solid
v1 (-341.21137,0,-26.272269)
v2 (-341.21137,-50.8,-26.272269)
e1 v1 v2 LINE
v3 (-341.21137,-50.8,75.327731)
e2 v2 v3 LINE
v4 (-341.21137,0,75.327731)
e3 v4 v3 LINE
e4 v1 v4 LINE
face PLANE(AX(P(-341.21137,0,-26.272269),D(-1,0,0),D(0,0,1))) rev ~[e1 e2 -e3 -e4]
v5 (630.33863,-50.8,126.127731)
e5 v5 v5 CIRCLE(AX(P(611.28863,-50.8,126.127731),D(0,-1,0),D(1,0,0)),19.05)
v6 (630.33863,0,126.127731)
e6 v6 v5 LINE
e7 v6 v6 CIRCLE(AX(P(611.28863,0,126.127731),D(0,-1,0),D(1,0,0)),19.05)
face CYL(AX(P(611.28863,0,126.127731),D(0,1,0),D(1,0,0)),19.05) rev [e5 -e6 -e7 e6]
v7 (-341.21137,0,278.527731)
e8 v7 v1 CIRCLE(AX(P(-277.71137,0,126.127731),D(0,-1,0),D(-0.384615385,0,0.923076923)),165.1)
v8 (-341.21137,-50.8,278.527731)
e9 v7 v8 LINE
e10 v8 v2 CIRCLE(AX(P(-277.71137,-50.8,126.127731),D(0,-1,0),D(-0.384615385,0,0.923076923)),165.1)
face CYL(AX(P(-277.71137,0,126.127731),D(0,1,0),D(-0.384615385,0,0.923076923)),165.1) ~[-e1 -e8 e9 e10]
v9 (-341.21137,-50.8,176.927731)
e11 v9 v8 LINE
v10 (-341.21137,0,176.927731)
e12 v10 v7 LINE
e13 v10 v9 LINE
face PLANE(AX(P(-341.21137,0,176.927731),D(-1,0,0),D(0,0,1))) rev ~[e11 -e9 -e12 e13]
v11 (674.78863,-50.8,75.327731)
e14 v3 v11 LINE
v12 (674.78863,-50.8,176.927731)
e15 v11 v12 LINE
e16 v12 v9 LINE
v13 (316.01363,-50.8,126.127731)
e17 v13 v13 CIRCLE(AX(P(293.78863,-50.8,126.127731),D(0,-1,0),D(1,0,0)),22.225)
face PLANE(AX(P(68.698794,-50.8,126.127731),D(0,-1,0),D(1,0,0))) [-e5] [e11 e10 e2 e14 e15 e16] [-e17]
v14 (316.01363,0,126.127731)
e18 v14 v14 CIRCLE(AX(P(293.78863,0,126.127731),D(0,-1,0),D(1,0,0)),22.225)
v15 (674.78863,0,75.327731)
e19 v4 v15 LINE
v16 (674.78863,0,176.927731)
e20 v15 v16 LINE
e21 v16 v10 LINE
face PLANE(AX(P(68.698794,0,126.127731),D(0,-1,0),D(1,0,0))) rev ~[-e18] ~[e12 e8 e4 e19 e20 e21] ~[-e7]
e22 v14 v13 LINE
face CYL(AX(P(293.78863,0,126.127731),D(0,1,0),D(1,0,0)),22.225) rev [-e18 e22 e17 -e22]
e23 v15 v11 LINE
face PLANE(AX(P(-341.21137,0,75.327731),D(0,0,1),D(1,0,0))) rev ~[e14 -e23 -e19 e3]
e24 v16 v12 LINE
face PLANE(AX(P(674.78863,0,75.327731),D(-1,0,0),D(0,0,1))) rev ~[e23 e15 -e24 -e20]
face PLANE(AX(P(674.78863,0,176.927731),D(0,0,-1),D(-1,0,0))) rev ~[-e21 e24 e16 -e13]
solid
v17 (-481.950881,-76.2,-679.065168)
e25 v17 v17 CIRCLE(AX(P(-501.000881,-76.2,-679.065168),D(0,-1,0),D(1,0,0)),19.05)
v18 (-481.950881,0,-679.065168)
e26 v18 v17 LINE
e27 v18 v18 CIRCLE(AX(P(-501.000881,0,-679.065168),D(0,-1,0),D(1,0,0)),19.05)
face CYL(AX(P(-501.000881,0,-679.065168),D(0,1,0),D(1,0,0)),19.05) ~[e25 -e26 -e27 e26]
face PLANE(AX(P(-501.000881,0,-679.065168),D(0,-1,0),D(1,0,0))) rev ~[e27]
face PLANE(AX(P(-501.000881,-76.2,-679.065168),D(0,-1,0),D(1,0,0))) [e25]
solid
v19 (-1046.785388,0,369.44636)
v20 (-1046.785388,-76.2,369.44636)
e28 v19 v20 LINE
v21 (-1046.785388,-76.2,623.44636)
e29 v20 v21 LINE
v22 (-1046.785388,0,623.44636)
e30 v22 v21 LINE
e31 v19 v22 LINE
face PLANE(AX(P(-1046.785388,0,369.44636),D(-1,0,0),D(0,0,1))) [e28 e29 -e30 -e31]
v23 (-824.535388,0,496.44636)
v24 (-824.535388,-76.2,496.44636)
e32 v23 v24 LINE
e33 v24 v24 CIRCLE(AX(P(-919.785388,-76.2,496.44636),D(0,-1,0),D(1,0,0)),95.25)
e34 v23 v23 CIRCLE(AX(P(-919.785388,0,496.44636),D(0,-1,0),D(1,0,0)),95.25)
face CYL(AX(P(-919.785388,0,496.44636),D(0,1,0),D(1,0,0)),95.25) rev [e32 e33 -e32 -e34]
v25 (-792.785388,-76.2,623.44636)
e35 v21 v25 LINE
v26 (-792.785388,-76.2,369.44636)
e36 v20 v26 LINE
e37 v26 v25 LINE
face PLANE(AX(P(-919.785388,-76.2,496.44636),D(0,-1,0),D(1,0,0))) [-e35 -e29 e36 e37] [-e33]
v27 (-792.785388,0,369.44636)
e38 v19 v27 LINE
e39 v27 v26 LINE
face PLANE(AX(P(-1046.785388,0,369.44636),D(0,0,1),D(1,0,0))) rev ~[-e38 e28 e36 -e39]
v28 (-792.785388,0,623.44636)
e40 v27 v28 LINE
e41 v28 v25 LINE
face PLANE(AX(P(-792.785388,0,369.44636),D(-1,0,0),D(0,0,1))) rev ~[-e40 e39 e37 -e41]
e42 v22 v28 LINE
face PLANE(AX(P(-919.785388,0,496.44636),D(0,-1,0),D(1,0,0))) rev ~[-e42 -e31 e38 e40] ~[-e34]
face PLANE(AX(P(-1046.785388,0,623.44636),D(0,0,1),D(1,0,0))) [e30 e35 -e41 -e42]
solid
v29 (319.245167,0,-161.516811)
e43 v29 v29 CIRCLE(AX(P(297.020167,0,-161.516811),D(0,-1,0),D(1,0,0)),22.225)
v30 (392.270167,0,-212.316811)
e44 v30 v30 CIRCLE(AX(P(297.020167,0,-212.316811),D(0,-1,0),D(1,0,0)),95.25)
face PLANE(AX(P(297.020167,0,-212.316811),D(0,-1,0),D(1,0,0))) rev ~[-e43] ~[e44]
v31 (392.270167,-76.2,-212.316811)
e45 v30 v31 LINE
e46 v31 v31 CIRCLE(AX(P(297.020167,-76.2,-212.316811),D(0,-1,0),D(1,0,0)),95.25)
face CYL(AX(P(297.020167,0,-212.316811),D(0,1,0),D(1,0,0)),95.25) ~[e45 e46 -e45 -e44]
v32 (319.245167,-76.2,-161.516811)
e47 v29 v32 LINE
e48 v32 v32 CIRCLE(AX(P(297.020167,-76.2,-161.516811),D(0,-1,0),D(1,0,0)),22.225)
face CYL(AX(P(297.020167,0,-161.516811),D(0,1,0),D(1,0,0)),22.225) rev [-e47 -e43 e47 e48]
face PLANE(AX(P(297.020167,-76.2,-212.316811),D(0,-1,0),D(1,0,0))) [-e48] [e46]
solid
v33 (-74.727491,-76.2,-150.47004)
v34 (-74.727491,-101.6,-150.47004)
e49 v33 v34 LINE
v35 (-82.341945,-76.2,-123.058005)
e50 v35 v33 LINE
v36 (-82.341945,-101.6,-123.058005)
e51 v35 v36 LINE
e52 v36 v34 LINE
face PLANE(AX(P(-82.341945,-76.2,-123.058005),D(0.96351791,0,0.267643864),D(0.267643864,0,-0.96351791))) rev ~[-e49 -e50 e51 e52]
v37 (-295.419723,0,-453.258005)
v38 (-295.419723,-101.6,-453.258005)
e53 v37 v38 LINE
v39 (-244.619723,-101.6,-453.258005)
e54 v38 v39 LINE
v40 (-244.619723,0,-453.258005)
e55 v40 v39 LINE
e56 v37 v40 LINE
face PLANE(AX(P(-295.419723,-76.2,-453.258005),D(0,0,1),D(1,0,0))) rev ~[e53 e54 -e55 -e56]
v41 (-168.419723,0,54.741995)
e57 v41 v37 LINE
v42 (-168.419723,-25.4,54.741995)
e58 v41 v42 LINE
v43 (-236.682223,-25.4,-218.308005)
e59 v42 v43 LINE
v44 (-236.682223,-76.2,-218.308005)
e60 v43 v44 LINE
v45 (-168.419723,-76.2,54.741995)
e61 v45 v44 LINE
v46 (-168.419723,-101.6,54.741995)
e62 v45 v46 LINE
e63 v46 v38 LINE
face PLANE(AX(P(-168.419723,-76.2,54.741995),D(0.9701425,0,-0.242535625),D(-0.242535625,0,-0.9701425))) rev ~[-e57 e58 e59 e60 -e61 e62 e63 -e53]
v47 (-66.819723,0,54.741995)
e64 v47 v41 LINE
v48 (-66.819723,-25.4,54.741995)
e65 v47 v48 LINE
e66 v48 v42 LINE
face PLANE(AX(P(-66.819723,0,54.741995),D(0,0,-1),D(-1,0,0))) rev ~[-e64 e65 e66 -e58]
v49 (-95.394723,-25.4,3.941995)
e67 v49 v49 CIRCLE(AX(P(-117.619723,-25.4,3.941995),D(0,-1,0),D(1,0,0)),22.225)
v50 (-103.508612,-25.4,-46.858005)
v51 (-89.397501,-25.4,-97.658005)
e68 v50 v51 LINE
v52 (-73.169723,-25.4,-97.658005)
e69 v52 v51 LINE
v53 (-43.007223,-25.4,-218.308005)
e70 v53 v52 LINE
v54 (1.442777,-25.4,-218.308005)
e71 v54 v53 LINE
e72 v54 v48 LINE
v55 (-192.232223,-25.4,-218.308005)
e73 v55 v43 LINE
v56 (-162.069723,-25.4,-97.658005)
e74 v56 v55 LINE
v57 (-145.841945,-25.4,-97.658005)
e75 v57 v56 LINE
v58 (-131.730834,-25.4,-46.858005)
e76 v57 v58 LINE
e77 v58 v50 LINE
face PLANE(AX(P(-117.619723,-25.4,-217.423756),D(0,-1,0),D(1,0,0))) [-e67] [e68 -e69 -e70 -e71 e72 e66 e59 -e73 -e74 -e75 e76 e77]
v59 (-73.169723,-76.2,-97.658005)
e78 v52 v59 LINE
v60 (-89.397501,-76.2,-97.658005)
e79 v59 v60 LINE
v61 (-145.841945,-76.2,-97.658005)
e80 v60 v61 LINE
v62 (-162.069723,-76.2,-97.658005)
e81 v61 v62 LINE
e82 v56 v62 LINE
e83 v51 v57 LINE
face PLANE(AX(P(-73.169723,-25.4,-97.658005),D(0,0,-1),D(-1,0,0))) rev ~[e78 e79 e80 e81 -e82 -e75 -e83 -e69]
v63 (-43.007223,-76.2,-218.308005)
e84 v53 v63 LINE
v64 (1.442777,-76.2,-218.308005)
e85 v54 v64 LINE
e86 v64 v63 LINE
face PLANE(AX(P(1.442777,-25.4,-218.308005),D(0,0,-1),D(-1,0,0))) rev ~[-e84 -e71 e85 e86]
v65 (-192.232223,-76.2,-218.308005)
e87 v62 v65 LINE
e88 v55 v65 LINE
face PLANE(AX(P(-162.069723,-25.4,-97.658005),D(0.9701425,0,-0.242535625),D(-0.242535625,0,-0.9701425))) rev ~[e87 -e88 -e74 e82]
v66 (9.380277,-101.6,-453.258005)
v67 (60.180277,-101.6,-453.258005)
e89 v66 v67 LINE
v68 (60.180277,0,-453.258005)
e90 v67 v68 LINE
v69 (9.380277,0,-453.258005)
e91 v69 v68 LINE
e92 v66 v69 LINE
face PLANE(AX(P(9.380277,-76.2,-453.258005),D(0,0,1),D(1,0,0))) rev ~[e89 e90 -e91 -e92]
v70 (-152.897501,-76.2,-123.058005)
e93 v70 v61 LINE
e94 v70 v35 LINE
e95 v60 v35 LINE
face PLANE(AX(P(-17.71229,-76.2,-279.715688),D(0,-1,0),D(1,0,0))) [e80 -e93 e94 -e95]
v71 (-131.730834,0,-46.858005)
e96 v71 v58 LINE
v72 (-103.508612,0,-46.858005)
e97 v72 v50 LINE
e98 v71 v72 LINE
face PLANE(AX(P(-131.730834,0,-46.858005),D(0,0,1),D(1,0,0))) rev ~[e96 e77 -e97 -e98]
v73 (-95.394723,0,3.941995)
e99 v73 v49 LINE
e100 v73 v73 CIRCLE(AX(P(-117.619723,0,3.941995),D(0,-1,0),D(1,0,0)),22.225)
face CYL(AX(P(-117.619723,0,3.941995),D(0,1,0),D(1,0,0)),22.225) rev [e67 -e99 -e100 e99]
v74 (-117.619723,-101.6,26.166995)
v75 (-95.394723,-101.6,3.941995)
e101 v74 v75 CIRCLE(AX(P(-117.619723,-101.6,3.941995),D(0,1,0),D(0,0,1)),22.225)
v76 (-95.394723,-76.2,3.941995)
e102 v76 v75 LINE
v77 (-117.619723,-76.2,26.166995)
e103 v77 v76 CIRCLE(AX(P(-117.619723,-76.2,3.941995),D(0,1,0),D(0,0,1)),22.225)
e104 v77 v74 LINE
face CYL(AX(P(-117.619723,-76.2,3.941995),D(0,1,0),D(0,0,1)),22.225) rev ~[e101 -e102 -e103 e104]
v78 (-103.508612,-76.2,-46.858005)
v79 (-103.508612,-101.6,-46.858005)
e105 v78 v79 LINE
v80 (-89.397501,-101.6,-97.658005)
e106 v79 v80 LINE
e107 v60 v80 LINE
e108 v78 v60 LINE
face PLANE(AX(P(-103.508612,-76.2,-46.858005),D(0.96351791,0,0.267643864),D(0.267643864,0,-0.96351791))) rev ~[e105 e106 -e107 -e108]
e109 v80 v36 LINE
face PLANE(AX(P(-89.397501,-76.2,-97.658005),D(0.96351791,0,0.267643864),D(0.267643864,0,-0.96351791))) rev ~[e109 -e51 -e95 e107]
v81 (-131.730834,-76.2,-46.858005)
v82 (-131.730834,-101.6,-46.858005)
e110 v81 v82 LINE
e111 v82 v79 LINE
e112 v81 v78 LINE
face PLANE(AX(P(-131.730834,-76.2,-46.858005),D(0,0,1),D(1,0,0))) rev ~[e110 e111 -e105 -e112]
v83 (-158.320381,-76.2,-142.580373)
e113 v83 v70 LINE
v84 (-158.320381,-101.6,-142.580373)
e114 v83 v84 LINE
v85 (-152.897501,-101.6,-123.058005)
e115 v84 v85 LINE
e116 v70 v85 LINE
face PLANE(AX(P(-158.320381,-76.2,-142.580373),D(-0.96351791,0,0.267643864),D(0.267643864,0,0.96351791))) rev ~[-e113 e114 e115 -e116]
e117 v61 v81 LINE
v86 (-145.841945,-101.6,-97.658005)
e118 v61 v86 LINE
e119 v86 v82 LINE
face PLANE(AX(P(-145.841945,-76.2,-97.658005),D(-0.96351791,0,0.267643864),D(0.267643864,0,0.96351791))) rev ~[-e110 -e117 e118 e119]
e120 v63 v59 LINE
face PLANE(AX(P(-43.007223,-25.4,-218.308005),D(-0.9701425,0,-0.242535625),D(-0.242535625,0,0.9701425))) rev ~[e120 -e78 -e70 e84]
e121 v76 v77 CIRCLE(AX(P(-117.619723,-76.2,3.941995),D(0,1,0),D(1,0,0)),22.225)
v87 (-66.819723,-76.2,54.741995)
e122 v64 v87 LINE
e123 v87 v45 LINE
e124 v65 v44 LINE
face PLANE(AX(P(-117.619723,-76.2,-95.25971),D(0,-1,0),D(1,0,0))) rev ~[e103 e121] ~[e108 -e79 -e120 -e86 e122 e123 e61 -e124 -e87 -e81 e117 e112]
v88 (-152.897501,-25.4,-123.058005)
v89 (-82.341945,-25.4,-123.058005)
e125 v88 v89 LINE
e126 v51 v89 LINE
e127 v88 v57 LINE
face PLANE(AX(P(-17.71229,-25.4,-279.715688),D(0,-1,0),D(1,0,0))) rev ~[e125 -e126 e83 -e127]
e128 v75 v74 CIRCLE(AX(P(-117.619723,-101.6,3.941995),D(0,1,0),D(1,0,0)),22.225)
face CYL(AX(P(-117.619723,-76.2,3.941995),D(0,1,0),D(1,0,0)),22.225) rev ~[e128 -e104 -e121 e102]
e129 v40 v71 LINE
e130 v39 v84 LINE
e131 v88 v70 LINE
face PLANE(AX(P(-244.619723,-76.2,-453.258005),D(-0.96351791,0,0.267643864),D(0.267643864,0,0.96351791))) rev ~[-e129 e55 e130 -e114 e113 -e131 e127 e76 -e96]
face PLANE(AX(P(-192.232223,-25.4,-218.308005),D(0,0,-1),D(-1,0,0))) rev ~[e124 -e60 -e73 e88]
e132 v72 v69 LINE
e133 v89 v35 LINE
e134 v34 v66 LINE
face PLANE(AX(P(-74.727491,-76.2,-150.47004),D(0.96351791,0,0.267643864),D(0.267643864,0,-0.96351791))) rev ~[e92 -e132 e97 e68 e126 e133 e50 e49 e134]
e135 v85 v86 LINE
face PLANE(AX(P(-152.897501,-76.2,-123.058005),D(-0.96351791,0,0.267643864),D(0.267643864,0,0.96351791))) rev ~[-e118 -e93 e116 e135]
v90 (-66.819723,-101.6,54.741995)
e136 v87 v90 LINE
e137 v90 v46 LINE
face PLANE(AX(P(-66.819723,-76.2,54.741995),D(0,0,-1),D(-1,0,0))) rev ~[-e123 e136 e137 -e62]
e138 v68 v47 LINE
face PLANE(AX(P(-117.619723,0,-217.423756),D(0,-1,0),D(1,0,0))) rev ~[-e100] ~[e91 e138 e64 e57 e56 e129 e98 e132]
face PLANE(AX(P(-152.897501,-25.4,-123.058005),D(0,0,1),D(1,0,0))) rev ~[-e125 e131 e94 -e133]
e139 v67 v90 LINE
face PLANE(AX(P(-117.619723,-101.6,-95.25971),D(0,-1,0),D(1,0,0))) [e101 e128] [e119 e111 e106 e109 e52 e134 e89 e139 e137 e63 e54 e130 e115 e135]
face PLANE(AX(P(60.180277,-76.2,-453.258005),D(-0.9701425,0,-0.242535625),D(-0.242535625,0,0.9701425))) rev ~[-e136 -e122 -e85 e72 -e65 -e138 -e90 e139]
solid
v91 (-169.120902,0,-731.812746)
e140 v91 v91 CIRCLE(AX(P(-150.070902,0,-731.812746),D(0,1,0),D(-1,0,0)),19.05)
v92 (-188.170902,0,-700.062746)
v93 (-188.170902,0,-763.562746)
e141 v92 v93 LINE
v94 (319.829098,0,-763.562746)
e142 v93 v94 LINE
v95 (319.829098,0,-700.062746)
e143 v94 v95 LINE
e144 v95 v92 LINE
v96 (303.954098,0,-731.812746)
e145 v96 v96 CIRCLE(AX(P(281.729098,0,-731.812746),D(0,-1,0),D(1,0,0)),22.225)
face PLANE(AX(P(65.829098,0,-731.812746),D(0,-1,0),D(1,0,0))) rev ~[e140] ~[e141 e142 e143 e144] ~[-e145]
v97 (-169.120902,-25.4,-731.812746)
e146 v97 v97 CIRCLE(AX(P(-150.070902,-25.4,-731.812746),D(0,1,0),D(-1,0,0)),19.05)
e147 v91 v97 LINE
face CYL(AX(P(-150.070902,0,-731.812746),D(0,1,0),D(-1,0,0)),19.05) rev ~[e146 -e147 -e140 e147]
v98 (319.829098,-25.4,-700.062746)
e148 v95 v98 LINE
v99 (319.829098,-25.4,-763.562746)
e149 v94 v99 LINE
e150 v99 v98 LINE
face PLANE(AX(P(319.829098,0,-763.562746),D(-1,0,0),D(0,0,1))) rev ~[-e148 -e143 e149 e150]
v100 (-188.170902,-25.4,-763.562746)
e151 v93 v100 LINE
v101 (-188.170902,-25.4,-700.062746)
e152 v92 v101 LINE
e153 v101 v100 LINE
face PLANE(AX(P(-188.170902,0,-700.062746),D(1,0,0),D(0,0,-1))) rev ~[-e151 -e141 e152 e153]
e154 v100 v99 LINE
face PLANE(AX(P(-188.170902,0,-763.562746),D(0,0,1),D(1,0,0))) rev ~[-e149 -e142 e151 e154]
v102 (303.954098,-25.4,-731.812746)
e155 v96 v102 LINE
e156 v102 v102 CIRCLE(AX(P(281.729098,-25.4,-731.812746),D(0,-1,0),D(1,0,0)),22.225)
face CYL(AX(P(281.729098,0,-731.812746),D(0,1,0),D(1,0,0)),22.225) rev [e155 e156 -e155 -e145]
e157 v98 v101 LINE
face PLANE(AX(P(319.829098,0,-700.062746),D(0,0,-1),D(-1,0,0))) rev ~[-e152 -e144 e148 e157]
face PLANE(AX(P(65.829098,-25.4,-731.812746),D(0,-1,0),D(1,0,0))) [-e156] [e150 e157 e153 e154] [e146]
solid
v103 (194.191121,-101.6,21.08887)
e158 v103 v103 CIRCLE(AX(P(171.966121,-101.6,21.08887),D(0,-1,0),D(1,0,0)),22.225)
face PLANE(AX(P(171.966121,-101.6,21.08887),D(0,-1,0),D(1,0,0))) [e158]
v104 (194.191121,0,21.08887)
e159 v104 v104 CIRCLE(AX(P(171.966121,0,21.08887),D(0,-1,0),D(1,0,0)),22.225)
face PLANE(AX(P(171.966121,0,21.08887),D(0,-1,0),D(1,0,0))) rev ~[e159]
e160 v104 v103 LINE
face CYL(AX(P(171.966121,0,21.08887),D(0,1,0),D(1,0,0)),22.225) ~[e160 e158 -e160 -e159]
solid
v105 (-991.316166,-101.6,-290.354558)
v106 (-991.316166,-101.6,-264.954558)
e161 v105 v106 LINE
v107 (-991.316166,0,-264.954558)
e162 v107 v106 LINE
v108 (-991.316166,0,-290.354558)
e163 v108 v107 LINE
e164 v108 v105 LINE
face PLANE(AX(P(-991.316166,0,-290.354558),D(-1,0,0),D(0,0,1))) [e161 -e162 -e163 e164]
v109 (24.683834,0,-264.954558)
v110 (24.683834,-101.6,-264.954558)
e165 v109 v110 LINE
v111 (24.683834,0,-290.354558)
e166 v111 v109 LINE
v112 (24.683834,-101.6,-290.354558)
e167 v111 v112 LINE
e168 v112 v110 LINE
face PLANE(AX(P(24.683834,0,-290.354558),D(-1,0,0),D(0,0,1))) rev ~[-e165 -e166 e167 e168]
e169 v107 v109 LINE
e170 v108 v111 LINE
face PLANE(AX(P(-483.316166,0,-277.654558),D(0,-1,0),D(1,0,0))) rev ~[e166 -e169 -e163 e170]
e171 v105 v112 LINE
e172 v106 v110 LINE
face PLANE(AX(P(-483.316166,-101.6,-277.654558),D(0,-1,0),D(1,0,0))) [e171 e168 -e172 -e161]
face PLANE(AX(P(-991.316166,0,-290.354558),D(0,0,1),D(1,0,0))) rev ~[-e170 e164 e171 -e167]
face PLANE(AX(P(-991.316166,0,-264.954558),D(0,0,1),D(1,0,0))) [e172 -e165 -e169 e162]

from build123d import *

# Parameters (mm, degrees)
F0_R      = 22.225
F0_R_2    = 19.05
F1_DEPTH  = 50.8
F2_R      = 22.225
F3_DEPTH  = 25.4
F5_DEPTH  = 50.8
F7_DEPTH  = 25.4
F8_R      = 22.225
F9_DEPTH  = 101.6
F10_R     = 95.25
F10_R_2   = 22.225
F11_DEPTH = 76.2
F12_R     = 19.05
F13_DEPTH = 76.2
F14_R     = 22.225
F15_DEPTH = 25.4
F16_W     = 254
F16_H     = 254
F16_R     = 95.25
F17_DEPTH = 76.2
F18_W     = 1016
F18_H     = 25.4
F19_DEPTH = 101.6


with BuildPart() as f1:
    # F0 (on Front) → F1 (new body)
    with BuildSketch(Plane.XZ):
        with BuildLine():
            Line((674.7886301041, 176.9277313841), (-341.2113698959, 176.9277313841))
            Line((-341.2113698959, 176.9277313841), (-341.2113698959, 278.5277313841))
            ThreePointArc((-341.2113698959, 278.5277313841), (-442.8113698959, 126.1277313841), (-341.2113698959, -26.2722686159))
            Line((-341.2113698959, -26.2722686159), (-341.2113698959, 75.3277313841))
            Line((-341.2113698959, 75.3277313841), (674.7886301041, 75.3277313841))
            Line((674.7886301041, 75.3277313841), (674.7886301041, 176.9277313841))
        make_face()
        with Locations((293.7886301041, 126.1277313841)):
            Circle(F0_R, mode=Mode.SUBTRACT)
        with Locations((611.2886301041, 126.1277313841)):
            Circle(F0_R_2, mode=Mode.SUBTRACT)
    extrude(amount=F1_DEPTH)


with BuildPart() as f3:
    # F2 (on Front) → F3 (new body)
    with BuildSketch(Plane.XZ):
        Polygon((-117.6197227955, 54.7419947535), (-168.4197227955, 54.7419947535), (-295.4197227955, -453.2580052465), (-244.6197227955, -453.2580052465), (-131.7308339066, -46.8580052465), (-103.5086116844, -46.8580052465), (9.3802772045, -453.2580052465), (60.1802772045, -453.2580052465), (-66.8197227955, 54.7419947535), align=None)
        with Locations((-117.6197227955, 3.9419947535)):
            Circle(F2_R, mode=Mode.SUBTRACT)
    extrude(amount=F3_DEPTH)

    # F4 (on face) → F5 (join)
    with BuildSketch(Plane.XZ.offset(25.4)):
        Polygon((-73.1697227955, -97.6580052465), (-89.3975005733, -97.6580052465), (-82.3419450177, -123.0580052465), (9.3802772045, -453.2580052465), (60.1802772045, -453.2580052465), (1.4427772045, -218.3080052465), (-43.0072227955, -218.3080052465), align=None)
        Polygon((-152.8975005733, -123.0580052465), (-145.8419450177, -97.6580052465), (-162.0697227955, -97.6580052465), (-192.2322227955, -218.3080052465), (-236.6822227955, -218.3080052465), (-295.4197227955, -453.2580052465), (-244.6197227955, -453.2580052465), align=None)
        Polygon((-89.3975005733, -97.6580052465), (-145.8419450177, -97.6580052465), (-152.8975005733, -123.0580052465), (-82.3419450177, -123.0580052465), align=None)
    extrude(amount=F5_DEPTH)

    # F6 (on face) → F7 (join)
    with BuildSketch(Plane.XZ.offset(76.2)):
        Polygon((-43.0072227955, -218.3080052465), (1.4427772045, -218.3080052465), (-66.8197227955, 54.7419947535), (-117.6197227955, 54.7419947535), (-168.4197227955, 54.7419947535), (-236.6822227955, -218.3080052465), (-192.2322227955, -218.3080052465), (-162.0697227955, -97.6580052465), (-145.8419450177, -97.6580052465), (-131.7308339066, -46.8580052465), (-103.5086116844, -46.8580052465), (-89.3975005733, -97.6580052465), (-73.1697227955, -97.6580052465), align=None)
        with BuildLine():
            ThreePointArc((-95.3947227955, 3.9419947535), (-133.3351710074, -11.7734534584), (-117.6197227955, 26.1669947535))
            ThreePointArc((-117.6197227955, 26.1669947535), (-101.9042745836, 19.6574429654), (-95.3947227955, 3.9419947535))
        make_face(mode=Mode.SUBTRACT)
        Polygon((-158.3203805236, -142.5803730679), (-152.8975005733, -123.0580052465), (-145.8419450177, -97.6580052465), (-162.0697227955, -97.6580052465), (-192.2322227955, -218.3080052465), (-236.6822227955, -218.3080052465), (-295.4197227955, -453.2580052465), (-244.6197227955, -453.2580052465), align=None)
        Polygon((9.3802772045, -453.2580052465), (60.1802772045, -453.2580052465), (1.4427772045, -218.3080052465), (-43.0072227955, -218.3080052465), (-73.1697227955, -97.6580052465), (-89.3975005733, -97.6580052465), (-82.3419450177, -123.0580052465), (-74.7274909157, -150.4700400139), align=None)
    extrude(amount=F7_DEPTH)


with BuildPart() as f9:
    # F8 (on Front) → F9 (new body)
    with BuildSketch(Plane.XZ):
        with Locations((171.9661206007, 21.0888702422)):
            Circle(F8_R)
    extrude(amount=F9_DEPTH)


with BuildPart() as f11:
    # F10 (on Front) → F11 (new body)
    with BuildSketch(Plane.XZ):
        with Locations((297.0201671124, -212.3168110847)):
            Circle(F10_R)
        with Locations((297.0201671124, -161.5168110847)):
            Circle(F10_R_2, mode=Mode.SUBTRACT)
    extrude(amount=F11_DEPTH)


with BuildPart() as f13:
    # F12 (on Front) → F13 (new body)
    with BuildSketch(Plane.XZ):
        with Locations((-501.0008811951, -679.0651679039)):
            Circle(F12_R)
    extrude(amount=F13_DEPTH)


with BuildPart() as f15:
    # F14 (on Front) → F15 (new body)
    with BuildSketch(Plane.XZ):
        Polygon((243.6290978968, -700.0627458964), (-111.9709021032, -700.0627458964), (-111.9709021032, -731.8127458964), (-111.9709021032, -763.5627458964), (243.6290978968, -763.5627458964), align=None)
        with BuildLine():
            Line((-169.1209021032, -731.8127458964), (-188.1709021032, -731.8127458964))
            Line((-188.1709021032, -731.8127458964), (-188.1709021032, -763.5627458964))
            Line((-188.1709021032, -763.5627458964), (-111.9709021032, -763.5627458964))
            Line((-111.9709021032, -763.5627458964), (-111.9709021032, -731.8127458964))
            Line((-111.9709021032, -731.8127458964), (-131.0209021032, -731.8127458964))
            ThreePointArc((-131.0209021032, -731.8127458964), (-150.0709021032, -750.8627458964), (-169.1209021032, -731.8127458964))
        make_face()
        with BuildLine():
            Line((-111.9709021032, -700.0627458964), (-188.1709021032, -700.0627458964))
            Line((-188.1709021032, -700.0627458964), (-188.1709021032, -731.8127458964))
            Line((-188.1709021032, -731.8127458964), (-169.1209021032, -731.8127458964))
            ThreePointArc((-169.1209021032, -731.8127458964), (-150.0709021032, -712.7627458964), (-131.0209021032, -731.8127458964))
            Line((-131.0209021032, -731.8127458964), (-111.9709021032, -731.8127458964))
            Line((-111.9709021032, -731.8127458964), (-111.9709021032, -700.0627458964))
        make_face()
        Polygon((319.8290978968, -700.0627458964), (243.6290978968, -700.0627458964), (243.6290978968, -763.5627458964), (319.8290978968, -763.5627458964), (319.8290978968, -731.8127458964), align=None)
        with Locations((281.7290978968, -731.8127458964)):
            Circle(F14_R, mode=Mode.SUBTRACT)
    extrude(amount=F15_DEPTH)


with BuildPart() as f17:
    # F16 (on Front) → F17 (new body)
    with BuildSketch(Plane.XZ):
        with Locations((-919.7853881174, 496.4463600467)):
            Rectangle(F16_W, F16_H)
        with Locations((-919.7853881174, 496.4463600467)):
            Circle(F16_R, mode=Mode.SUBTRACT)
    extrude(amount=F17_DEPTH)


with BuildPart() as f19:
    # F18 (on Front) → F19 (new body)
    with BuildSketch(Plane.XZ):
        with Locations((-483.3161662409, -277.6545584202)):
            Rectangle(F18_W, F18_H)
    extrude(amount=F19_DEPTH)


solid = Compound([f1.part, f3.part, f9.part, f11.part, f13.part, f15.part, f17.part, f19.part])
